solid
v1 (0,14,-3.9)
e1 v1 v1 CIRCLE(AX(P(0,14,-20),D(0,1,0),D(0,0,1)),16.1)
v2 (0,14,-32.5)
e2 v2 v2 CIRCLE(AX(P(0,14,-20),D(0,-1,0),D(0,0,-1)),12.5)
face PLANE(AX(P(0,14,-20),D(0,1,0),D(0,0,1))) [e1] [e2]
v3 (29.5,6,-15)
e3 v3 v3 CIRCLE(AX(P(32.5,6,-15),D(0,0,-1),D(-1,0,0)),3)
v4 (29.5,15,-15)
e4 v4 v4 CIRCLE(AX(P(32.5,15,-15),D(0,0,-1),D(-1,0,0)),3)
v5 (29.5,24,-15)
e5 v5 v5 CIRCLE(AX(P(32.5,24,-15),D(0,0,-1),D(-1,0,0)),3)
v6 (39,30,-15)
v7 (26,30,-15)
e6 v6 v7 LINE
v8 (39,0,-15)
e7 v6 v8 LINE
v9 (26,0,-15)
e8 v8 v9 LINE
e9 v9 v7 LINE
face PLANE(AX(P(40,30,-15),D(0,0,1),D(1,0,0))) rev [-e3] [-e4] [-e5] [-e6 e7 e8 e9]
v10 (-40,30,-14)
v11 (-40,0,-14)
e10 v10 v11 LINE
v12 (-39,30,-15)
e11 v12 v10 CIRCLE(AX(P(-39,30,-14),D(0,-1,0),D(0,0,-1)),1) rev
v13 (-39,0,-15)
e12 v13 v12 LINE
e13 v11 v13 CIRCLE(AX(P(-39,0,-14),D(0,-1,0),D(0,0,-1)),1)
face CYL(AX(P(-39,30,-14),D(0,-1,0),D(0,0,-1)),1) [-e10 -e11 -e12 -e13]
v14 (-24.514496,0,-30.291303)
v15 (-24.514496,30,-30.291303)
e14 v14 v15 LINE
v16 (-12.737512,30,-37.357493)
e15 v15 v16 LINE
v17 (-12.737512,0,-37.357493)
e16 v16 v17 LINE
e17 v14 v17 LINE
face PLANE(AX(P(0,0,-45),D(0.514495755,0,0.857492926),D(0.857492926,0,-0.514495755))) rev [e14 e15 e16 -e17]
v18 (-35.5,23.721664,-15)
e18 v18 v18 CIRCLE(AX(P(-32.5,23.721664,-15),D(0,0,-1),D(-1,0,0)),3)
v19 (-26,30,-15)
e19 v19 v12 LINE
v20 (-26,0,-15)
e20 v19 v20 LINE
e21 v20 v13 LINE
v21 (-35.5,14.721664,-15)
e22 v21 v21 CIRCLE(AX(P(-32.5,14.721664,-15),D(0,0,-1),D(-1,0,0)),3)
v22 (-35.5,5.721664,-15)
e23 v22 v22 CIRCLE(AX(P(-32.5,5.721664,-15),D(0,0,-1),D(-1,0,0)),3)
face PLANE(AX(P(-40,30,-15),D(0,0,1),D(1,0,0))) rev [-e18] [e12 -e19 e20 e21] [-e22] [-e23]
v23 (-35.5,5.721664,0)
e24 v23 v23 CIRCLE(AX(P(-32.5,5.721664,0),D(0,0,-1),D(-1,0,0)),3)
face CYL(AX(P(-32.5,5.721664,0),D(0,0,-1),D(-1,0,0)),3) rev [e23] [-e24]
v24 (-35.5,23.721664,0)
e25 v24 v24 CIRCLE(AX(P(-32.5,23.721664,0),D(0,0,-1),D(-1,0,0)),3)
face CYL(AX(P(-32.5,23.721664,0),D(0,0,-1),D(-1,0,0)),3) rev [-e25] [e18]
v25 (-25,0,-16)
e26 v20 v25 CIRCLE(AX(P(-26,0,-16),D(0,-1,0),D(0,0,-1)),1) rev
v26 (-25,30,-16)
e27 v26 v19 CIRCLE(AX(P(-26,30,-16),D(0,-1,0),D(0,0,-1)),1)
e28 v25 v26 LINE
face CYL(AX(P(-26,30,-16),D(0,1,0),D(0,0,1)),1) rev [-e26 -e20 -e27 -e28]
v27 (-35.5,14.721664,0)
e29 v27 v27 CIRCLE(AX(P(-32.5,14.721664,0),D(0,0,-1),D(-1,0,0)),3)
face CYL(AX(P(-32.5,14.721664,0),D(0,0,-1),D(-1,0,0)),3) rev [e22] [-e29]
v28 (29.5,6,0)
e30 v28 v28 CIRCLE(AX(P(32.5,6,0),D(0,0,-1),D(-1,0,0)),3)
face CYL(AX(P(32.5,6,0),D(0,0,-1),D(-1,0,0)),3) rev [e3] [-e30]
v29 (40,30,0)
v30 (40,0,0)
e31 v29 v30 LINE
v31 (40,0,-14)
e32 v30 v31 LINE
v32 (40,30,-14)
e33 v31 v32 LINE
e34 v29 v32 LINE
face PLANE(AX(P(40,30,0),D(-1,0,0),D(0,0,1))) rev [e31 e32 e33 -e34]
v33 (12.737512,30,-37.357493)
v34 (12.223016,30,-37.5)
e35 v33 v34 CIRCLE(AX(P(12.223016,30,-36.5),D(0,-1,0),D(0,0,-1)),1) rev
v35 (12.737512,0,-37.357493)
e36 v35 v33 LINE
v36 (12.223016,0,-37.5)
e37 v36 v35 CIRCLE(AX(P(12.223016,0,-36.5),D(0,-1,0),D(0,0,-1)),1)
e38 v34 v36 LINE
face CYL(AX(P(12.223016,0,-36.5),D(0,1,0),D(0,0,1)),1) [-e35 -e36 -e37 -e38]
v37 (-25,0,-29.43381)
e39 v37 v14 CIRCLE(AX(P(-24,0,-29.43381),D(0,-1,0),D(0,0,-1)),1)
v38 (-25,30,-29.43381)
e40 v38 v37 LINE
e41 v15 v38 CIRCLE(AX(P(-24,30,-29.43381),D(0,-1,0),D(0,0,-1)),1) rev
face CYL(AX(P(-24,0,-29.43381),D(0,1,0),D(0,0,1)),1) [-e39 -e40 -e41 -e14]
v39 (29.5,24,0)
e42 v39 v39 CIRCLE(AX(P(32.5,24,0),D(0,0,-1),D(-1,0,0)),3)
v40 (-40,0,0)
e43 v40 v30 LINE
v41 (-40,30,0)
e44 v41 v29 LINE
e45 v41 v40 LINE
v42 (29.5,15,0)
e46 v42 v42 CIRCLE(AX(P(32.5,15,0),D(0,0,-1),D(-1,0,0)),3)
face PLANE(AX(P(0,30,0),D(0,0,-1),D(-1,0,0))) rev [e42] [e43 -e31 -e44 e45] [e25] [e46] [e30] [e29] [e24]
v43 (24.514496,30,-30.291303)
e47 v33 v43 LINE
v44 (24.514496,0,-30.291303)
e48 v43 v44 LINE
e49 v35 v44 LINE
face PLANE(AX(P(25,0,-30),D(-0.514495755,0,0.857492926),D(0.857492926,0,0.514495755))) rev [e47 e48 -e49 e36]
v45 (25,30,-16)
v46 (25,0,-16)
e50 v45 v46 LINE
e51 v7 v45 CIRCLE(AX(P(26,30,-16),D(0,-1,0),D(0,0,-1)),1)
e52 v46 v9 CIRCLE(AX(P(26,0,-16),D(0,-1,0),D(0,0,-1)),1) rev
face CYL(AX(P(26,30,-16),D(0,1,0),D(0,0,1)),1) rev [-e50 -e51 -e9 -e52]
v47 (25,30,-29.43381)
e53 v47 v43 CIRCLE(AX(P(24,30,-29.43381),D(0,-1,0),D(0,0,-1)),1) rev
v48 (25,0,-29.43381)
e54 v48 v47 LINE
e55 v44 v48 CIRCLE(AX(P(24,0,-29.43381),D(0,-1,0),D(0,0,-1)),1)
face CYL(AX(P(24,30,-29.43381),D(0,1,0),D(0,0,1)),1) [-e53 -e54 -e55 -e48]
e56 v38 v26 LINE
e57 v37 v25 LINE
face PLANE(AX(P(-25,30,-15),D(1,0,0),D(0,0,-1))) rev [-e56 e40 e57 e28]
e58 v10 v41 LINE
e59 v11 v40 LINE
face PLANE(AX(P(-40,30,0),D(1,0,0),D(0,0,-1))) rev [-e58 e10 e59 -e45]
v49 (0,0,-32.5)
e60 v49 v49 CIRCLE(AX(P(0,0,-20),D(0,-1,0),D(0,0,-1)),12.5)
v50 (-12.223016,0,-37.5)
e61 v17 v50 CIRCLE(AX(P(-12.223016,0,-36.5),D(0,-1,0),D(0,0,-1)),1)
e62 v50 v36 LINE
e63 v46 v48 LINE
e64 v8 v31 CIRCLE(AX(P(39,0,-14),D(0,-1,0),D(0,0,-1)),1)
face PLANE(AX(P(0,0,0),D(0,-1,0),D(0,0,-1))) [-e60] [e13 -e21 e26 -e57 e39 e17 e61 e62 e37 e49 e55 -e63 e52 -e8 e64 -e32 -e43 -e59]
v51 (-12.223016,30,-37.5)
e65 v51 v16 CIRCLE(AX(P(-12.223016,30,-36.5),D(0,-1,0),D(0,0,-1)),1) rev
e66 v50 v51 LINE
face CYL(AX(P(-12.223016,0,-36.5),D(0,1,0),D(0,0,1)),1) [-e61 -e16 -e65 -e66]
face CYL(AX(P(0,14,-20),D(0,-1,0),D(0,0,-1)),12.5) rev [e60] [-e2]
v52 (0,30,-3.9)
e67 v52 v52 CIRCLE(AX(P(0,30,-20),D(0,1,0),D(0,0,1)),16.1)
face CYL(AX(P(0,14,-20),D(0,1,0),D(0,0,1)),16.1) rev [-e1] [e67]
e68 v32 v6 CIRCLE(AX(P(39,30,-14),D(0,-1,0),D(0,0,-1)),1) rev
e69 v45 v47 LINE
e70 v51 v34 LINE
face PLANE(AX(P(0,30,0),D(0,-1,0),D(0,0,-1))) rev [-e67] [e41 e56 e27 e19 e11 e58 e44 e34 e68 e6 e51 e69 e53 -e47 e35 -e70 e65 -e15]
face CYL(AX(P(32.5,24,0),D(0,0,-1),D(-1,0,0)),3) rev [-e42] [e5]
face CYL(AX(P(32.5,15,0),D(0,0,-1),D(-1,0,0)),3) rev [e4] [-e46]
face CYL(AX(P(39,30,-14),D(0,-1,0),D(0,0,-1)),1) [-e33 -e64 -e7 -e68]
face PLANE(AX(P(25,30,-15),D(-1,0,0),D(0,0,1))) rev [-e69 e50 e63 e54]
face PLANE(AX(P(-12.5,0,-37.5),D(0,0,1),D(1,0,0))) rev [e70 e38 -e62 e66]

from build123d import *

# Parameters (mm, degrees)
BOSS_EXTRUDE1_DEPTH = 30
SKETCH2_R           = 16.1
CUT_EXTRUDE1_DEPTH  = 16
SKETCH6_R           = 12.5
CUT_EXTRUDE2_DEPTH  = 14
SKETCH8_R           = 3
CUT_EXTRUDE4_DEPTH  = 15
SKETCH9_R           = 3
CUT_EXTRUDE5_DEPTH  = 15
CUT_EXTRUDE6_DEPTH  = 30
CUT_EXTRUDE7_DEPTH  = 30
CUT_EXTRUDE8_DEPTH  = 30
FILLET2_R           = 1
FILLET3_R           = 1


with BuildPart() as part:
    # Sketch1 → Boss-Extrude1 (new body)
    with BuildSketch(Plane(origin=(0, 0, 0), x_dir=(1, 0, 0), z_dir=(0, 1, 0))):
        Polygon((0, 0), (40, 0), (40, 15), (25, 15), (25, 45), (-25, 45), (-25, 15), (-40, 15), (-40, 0), align=None)
    extrude(amount=BOSS_EXTRUDE1_DEPTH)

    # Sketch2 → Cut-Extrude1 (cut)
    with BuildSketch(Plane(origin=(0, 30, 0), x_dir=(1, 0, 0), z_dir=(0, 1, 0))):
        with Locations(Location((0, 20, 0), (0, 0, 270))):
            Circle(SKETCH2_R)
    extrude(amount=-CUT_EXTRUDE1_DEPTH, mode=Mode.SUBTRACT)

    # Sketch6 → Cut-Extrude2 (cut)
    with BuildSketch(Plane.XZ):
        with Locations(Location((0, -20, 0), (0, 0, 270))):
            Circle(SKETCH6_R)
    extrude(amount=-CUT_EXTRUDE2_DEPTH, mode=Mode.SUBTRACT)

    # Sketch8 → Cut-Extrude4 (cut)
    with BuildSketch(Plane(origin=(0, 0, -15), x_dir=(-1, 0, 0), z_dir=(0, 0, -1))):
        with Locations((-32.5, 6)):
            Circle(SKETCH8_R)
        with Locations((-32.5, 15)):
            Circle(SKETCH8_R)
        with Locations((-32.5, 24)):
            Circle(SKETCH8_R)
    extrude(amount=-CUT_EXTRUDE4_DEPTH, mode=Mode.SUBTRACT)

    # Sketch9 → Cut-Extrude5 (cut)
    with BuildSketch(Plane(origin=(0, 0, -15), x_dir=(-1, 0, 0), z_dir=(0, 0, -1))):
        with Locations((32.5, 23.72166378)):
            Circle(SKETCH9_R)
        with Locations((32.5, 14.72166378)):
            Circle(SKETCH9_R)
        with Locations((32.5, 5.72166378)):
            Circle(SKETCH9_R)
    extrude(amount=-CUT_EXTRUDE5_DEPTH, mode=Mode.SUBTRACT)

    # Sketch11 → Cut-Extrude6 (cut)
    with BuildSketch(Plane(origin=(0, 30, 0), x_dir=(1, 0, 0), z_dir=(0, 1, 0))):
        Polygon((-25, 30), (-25, 45), (0, 45), align=None)
    extrude(amount=-CUT_EXTRUDE6_DEPTH, mode=Mode.SUBTRACT)

    # Sketch12 → Cut-Extrude7 (cut)
    with BuildSketch(Plane(origin=(0, 30, 0), x_dir=(1, 0, 0), z_dir=(0, 1, 0))):
        Polygon((25, 30), (0, 45), (25, 45), align=None)
    extrude(amount=-CUT_EXTRUDE7_DEPTH, mode=Mode.SUBTRACT)

    # Sketch13 → Cut-Extrude8 (cut)
    with BuildSketch(Plane(origin=(0, 30, 0), x_dir=(1, 0, 0), z_dir=(0, 1, 0))):
        Polygon((-12.5, 37.5), (12.5, 37.5), (0, 45), align=None)
    extrude(amount=-CUT_EXTRUDE8_DEPTH, mode=Mode.SUBTRACT)

    # Fillet2
    fillet2_edges = [part.edges().sort_by_distance(p)[0] for p in [
        (-25, 15, -15),
    ]]
    fillet(fillet2_edges, radius=FILLET2_R)

    # Fillet3
    fillet3_edges = [part.edges().sort_by_distance(p)[0] for p in [
        (-40, 15, -15),
        (25, 15, -15),
        (40, 15, -15),
        (-25, 15, -30),
        (25, 15, -30),
        (-12.5, 15, -37.5),
        (12.5, 15, -37.5),
    ]]
    fillet(fillet3_edges, radius=FILLET3_R)


solid = part.part
